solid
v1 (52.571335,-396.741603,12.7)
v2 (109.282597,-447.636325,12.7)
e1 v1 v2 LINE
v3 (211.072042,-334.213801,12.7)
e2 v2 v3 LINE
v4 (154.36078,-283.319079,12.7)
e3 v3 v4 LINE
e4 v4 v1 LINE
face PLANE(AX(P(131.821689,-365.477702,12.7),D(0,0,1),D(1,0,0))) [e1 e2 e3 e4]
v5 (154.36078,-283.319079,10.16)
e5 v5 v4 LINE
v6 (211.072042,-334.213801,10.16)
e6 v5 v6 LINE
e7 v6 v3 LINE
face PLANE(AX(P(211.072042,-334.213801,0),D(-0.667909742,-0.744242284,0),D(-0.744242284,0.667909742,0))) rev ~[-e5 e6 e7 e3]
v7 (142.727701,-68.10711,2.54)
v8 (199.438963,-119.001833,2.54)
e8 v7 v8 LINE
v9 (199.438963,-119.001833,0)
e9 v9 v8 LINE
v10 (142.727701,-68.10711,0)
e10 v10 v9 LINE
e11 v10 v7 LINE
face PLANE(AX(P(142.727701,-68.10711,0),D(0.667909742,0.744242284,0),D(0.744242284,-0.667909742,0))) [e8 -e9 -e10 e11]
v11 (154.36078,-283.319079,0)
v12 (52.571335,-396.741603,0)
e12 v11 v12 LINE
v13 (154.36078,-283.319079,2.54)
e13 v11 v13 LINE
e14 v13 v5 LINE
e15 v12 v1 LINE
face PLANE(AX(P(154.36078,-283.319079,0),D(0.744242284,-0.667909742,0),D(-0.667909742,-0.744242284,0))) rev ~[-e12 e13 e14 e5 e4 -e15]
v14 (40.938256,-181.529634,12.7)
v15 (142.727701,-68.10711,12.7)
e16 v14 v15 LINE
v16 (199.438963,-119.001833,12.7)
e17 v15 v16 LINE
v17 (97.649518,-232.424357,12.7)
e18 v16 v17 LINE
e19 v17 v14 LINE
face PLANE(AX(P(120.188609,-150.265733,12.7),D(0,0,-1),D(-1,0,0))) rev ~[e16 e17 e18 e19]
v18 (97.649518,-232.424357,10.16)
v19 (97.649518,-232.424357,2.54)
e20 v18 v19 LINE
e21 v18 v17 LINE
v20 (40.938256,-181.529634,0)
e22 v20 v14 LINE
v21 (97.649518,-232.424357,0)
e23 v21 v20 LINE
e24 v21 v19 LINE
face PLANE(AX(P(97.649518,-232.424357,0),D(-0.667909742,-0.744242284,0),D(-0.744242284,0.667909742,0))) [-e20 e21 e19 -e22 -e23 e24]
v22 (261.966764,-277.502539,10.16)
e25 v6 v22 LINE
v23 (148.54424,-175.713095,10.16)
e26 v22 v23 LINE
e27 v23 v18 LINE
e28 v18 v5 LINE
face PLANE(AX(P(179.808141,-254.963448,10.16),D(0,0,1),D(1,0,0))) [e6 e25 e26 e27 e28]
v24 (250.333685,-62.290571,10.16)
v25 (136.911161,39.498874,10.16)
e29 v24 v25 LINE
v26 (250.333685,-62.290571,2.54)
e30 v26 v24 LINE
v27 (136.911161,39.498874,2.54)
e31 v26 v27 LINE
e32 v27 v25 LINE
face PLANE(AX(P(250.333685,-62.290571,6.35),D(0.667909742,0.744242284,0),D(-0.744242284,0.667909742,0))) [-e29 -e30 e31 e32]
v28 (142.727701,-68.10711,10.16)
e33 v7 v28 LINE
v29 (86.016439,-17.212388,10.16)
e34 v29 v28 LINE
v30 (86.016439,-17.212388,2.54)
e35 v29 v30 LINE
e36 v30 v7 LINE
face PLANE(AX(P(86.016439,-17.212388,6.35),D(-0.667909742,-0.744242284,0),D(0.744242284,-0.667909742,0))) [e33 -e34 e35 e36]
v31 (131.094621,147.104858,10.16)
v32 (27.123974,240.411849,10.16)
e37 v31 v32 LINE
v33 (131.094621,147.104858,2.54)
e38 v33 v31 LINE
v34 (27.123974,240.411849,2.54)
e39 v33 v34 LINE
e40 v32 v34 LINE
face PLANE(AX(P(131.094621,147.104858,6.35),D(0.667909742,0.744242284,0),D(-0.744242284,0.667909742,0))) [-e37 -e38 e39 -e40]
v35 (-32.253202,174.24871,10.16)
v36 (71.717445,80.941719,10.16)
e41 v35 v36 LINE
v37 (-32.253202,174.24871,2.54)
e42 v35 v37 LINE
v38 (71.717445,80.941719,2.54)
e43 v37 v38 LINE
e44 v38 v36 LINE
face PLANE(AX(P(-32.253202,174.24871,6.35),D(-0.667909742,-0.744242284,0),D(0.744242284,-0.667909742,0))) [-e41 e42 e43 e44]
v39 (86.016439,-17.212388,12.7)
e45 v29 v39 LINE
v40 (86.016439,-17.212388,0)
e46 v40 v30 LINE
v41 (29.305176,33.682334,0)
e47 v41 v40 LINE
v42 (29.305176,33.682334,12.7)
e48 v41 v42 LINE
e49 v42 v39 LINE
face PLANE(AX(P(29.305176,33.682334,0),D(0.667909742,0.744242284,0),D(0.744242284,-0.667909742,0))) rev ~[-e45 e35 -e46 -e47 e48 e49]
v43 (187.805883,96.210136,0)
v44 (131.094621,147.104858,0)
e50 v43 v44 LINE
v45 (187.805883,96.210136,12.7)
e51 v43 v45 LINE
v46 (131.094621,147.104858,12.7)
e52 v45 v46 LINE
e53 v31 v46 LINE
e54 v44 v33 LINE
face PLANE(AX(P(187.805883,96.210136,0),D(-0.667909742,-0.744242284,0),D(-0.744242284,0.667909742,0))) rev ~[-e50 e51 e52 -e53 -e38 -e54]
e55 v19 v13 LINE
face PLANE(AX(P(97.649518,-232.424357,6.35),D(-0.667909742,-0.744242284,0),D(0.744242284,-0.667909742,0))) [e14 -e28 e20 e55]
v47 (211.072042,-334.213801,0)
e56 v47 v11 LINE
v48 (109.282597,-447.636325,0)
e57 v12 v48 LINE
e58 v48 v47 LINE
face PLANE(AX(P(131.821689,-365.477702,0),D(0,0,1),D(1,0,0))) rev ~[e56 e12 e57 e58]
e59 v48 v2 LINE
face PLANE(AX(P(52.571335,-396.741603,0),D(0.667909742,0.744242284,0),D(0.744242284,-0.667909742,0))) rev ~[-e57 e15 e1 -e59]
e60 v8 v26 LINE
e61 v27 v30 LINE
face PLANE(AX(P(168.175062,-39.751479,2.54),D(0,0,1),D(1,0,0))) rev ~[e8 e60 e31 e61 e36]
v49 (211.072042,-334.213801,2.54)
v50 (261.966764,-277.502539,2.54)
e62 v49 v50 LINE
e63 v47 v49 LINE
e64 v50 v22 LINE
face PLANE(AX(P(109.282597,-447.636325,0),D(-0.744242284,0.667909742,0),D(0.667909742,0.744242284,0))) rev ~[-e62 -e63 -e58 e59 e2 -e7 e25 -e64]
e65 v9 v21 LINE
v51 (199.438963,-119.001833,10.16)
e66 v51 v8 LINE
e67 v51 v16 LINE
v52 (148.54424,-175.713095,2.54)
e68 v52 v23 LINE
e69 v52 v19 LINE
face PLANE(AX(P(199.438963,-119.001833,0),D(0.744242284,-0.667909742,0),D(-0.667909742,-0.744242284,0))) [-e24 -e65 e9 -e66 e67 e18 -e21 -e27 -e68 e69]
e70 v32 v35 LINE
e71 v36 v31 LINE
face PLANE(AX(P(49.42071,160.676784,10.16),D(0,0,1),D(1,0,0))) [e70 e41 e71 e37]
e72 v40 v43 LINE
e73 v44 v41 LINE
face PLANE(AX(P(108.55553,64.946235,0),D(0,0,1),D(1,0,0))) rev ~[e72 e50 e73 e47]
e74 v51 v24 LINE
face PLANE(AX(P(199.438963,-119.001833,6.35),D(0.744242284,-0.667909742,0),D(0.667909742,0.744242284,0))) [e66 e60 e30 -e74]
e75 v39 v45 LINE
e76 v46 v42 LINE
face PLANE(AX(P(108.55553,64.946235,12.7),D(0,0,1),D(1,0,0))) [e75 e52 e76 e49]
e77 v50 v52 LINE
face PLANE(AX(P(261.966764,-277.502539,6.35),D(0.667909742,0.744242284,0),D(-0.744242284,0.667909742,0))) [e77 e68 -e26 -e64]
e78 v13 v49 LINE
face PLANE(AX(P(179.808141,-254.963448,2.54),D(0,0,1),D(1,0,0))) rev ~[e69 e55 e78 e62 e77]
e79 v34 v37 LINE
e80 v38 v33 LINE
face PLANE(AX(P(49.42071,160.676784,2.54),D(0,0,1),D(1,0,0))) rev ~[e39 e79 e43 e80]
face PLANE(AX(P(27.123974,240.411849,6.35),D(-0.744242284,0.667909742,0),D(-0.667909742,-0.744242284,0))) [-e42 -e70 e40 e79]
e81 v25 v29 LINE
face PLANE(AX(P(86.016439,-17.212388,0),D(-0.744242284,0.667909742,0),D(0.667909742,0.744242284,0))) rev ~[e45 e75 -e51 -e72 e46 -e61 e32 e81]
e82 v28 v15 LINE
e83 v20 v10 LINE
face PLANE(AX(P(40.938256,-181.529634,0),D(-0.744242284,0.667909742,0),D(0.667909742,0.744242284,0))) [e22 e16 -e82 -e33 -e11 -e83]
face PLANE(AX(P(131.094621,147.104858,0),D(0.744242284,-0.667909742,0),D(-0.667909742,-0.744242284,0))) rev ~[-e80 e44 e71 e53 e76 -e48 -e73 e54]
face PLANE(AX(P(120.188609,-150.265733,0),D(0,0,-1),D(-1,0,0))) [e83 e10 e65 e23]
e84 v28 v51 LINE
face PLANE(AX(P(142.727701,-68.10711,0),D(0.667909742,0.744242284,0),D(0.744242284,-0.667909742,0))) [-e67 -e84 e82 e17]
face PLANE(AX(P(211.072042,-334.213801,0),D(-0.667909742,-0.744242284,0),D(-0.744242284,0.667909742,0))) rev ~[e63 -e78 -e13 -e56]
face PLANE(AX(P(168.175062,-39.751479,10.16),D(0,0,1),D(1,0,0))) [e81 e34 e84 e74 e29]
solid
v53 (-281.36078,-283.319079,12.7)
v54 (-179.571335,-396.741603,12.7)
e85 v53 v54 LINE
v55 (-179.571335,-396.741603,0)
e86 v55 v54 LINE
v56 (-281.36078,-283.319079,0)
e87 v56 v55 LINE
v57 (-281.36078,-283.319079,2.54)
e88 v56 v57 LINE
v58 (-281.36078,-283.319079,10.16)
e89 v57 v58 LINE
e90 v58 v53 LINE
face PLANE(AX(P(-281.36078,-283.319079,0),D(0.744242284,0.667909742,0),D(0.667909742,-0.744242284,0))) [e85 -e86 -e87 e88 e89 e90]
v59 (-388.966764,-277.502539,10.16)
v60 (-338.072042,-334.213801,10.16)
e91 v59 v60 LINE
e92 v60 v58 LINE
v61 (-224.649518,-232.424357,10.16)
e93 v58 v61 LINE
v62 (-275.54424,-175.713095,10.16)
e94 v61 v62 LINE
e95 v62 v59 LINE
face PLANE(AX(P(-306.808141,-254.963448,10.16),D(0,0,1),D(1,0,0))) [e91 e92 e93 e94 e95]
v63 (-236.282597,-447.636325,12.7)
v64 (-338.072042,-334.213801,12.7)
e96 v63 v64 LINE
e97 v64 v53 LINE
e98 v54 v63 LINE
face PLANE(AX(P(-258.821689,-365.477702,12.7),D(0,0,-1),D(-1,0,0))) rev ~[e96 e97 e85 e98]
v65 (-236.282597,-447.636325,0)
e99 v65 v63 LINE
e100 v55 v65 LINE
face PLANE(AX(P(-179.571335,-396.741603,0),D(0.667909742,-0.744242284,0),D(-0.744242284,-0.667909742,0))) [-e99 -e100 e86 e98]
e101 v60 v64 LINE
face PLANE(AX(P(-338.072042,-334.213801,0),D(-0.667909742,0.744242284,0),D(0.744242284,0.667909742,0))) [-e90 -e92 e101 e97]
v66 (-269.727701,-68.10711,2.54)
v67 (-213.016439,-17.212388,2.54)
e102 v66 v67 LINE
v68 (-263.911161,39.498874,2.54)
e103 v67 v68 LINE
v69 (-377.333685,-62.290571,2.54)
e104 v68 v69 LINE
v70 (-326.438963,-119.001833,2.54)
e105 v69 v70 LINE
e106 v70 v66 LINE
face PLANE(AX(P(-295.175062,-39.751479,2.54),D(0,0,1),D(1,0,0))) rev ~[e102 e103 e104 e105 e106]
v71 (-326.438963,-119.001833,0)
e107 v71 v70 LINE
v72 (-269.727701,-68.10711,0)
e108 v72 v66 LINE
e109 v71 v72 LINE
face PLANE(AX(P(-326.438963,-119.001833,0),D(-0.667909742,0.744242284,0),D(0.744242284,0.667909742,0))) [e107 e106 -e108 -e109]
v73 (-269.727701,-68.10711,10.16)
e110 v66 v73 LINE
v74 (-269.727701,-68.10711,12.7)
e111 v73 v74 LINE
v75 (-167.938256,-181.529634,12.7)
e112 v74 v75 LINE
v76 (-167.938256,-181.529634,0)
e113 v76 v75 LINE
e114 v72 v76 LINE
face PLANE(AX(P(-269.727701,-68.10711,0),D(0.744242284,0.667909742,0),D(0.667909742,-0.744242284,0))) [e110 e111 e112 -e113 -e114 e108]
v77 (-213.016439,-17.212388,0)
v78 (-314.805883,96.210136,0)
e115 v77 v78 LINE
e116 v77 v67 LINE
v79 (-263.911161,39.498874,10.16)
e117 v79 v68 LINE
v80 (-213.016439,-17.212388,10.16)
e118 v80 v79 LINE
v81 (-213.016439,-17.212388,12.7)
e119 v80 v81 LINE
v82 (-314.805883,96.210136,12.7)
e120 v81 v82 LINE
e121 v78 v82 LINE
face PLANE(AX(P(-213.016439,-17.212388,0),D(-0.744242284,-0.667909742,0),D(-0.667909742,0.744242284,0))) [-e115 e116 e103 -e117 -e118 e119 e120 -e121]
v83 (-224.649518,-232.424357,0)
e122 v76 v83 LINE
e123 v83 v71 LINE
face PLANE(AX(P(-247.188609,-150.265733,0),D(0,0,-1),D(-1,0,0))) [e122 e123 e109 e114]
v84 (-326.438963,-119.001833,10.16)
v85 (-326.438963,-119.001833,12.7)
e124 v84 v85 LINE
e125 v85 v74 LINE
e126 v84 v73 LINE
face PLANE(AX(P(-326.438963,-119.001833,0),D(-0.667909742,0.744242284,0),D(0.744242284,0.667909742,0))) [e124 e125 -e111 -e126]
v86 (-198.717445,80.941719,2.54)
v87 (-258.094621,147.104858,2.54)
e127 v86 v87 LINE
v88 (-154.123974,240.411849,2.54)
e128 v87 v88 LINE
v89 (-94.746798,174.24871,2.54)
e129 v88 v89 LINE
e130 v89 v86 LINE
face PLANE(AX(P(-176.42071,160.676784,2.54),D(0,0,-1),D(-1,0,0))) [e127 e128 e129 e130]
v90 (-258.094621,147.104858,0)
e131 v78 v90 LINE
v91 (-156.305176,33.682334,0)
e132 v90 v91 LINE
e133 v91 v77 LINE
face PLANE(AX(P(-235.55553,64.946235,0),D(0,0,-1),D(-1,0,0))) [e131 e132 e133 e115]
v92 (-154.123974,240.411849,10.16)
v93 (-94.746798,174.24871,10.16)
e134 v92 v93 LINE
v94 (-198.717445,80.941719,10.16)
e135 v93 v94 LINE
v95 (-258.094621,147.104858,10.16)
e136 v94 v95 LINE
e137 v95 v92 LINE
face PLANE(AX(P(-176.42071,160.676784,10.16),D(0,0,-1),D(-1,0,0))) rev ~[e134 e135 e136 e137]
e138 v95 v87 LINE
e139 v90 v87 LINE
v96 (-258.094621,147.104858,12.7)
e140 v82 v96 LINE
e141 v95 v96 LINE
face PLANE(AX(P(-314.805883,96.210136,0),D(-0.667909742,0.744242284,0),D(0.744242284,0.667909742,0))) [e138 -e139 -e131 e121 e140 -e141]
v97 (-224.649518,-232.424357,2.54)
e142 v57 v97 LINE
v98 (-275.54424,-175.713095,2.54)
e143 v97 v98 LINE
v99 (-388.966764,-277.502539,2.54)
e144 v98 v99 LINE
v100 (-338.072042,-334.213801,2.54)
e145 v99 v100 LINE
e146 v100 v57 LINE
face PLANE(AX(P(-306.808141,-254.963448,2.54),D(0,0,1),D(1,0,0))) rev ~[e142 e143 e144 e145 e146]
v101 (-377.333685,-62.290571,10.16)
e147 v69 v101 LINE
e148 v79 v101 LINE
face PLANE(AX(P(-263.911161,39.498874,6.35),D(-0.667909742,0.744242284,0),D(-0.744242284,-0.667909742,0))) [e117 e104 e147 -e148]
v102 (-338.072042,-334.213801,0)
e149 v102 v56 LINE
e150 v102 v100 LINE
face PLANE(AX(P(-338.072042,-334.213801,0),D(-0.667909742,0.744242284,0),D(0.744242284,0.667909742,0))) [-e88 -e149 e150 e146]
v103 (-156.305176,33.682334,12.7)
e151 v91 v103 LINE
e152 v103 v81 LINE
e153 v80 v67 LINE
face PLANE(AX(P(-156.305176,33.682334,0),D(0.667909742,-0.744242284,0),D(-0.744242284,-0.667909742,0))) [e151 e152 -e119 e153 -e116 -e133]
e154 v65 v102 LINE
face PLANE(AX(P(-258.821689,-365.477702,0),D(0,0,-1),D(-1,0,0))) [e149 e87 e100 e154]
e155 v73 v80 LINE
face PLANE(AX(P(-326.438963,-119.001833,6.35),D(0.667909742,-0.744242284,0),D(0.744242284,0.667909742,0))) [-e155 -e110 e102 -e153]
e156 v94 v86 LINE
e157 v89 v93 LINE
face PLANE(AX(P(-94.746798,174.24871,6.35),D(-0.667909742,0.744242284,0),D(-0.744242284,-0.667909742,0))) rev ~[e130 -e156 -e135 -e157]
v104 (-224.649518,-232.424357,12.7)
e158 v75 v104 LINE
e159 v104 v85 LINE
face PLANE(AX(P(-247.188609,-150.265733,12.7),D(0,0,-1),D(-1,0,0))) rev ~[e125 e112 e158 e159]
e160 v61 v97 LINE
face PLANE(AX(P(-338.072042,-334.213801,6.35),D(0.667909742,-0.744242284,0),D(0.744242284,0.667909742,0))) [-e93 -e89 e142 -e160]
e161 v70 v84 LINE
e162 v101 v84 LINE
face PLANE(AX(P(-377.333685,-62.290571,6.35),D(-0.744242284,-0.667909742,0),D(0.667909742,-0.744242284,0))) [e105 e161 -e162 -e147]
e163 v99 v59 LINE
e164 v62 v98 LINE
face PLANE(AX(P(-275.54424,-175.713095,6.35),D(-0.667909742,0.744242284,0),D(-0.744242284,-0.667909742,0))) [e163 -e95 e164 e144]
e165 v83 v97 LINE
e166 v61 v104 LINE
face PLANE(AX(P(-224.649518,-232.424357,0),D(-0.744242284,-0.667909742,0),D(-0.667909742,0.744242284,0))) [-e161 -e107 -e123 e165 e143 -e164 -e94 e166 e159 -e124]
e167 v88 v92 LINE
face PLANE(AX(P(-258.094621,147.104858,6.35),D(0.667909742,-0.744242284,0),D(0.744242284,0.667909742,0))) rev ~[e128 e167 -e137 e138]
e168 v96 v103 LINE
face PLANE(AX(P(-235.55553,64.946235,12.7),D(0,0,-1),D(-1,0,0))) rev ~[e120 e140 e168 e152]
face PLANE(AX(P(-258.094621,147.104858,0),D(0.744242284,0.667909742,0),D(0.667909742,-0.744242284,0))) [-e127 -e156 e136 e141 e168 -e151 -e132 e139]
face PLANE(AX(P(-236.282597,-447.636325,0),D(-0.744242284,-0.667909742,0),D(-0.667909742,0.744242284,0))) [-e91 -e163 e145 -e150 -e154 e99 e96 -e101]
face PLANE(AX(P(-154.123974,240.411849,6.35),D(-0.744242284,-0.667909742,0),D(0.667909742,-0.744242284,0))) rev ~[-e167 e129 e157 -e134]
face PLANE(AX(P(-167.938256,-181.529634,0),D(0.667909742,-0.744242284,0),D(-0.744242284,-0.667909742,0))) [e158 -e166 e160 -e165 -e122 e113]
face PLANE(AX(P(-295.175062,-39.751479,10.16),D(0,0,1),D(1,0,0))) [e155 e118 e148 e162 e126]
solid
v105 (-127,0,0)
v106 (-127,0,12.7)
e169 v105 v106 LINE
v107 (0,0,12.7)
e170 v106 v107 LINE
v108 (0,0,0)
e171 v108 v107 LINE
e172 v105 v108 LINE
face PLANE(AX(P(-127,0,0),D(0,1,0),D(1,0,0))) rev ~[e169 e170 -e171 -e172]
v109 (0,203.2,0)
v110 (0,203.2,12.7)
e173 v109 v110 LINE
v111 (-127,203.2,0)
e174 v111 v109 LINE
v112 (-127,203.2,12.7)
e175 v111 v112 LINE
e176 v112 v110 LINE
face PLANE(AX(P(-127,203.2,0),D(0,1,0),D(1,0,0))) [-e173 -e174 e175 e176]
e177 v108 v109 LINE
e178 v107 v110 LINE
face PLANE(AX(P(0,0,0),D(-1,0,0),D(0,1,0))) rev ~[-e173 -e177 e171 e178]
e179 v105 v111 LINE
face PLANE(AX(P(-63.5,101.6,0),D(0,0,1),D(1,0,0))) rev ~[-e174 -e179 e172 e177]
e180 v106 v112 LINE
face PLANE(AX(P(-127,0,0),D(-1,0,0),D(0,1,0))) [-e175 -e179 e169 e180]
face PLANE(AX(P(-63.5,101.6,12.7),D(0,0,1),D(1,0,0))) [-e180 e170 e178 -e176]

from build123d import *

# Parameters (mm, degrees)
SKETCH1_W                  = 127
SKETCH1_H                  = 203.2
BOSS_EXTRUDE1_DEPTH        = 12.7
BOSS_EXTRUDE2_DEPTH        = 3.81
BOSS_EXTRUDE2_DEPTH_BACK   = 3.81
BOSS_EXTRUDE2_2_DEPTH      = 3.81
BOSS_EXTRUDE2_2_DEPTH_BACK = 3.81
BOSS_EXTRUDE3_START        = -10.16
BOSS_EXTRUDE3_DEPTH        = 12.7
BOSS_EXTRUDE4_DEPTH        = 3.81
BOSS_EXTRUDE4_DEPTH_BACK   = 3.81
BOSS_EXTRUDE5_START        = -10.16
BOSS_EXTRUDE5_DEPTH        = 12.7
BOSS_EXTRUDE6_DEPTH        = 3.81
BOSS_EXTRUDE6_DEPTH_BACK   = 3.81
BOSS_EXTRUDE7_START        = -10.16
BOSS_EXTRUDE7_DEPTH        = 12.7


with BuildPart() as part:
    # Sketch1 → Boss-Extrude1 (new body)
    with BuildSketch(Plane.XY):
        with Locations((-63.5, 101.6)):
            Rectangle(SKETCH1_W, SKETCH1_H)
    extrude(amount=BOSS_EXTRUDE1_DEPTH)


with BuildPart() as body_2:
    # Sketch2 → Boss-Extrude2 (new body, two sides)
    with BuildSketch(Plane.XY.offset(6.35)) as boss_extrude2_sk:
        Polygon((-94.746798064, 174.248710321), (-198.717445096, 80.941719394), (-258.09462114, 147.104858415), (-154.123974108, 240.411849341), align=None)
    extrude(amount=BOSS_EXTRUDE2_DEPTH)
    extrude(boss_extrude2_sk.sketch, amount=-BOSS_EXTRUDE2_DEPTH_BACK)



with BuildPart() as body_3:
    # Sketch2 → Boss-Extrude2 2 (new body, two sides)
    with BuildSketch(Plane.XY.offset(6.35)) as boss_extrude2_2_sk:
        Polygon((-32.253201936, 174.248710321), (71.717445096, 80.941719394), (131.09462114, 147.104858415), (27.123974108, 240.411849341), align=None)
    extrude(amount=BOSS_EXTRUDE2_2_DEPTH)
    extrude(boss_extrude2_2_sk.sketch, amount=-BOSS_EXTRUDE2_2_DEPTH_BACK)


with BuildPart() as body_2_1:
    add(body_2.part)

    add(body_3.part)  # Boss-Extrude3 merges body 3
    # Sketch3 → Boss-Extrude3 (add)
    with BuildSketch(Plane.XY.offset(10.16).offset(BOSS_EXTRUDE3_START)):
        Polygon((-258.09462114, 147.104858415), (-156.305176493, 33.68233438), (-213.01643851, -17.212387944), (-314.805883157, 96.210136091), align=None)
        Polygon((29.305176493, 33.68233438), (86.01643851, -17.212387944), (187.805883157, 96.210136091), (131.09462114, 147.104858415), align=None)
    extrude(amount=BOSS_EXTRUDE3_DEPTH)

    # Sketch4 → Boss-Extrude4 (add, two sides)
    with BuildSketch(Plane.XY.offset(6.35)) as boss_extrude4_sk:
        Polygon((-213.01643851, -17.212387944), (-263.911160834, 39.498874074), (-377.333684869, -62.290570573), (-326.438962545, -119.00183259), align=None)
        Polygon((199.438962545, -119.00183259), (250.333684869, -62.290570573), (136.911160834, 39.498874074), (86.01643851, -17.212387944), align=None)
    extrude(amount=BOSS_EXTRUDE4_DEPTH)
    extrude(boss_extrude4_sk.sketch, amount=-BOSS_EXTRUDE4_DEPTH_BACK)

    # Sketch5 → Boss-Extrude5 (add)
    with BuildSketch(Plane.XY.offset(10.16).offset(BOSS_EXTRUDE5_START)):
        Polygon((-326.438962545, -119.00183259), (-269.727700528, -68.107110267), (-167.938255881, -181.529634302), (-224.649517899, -232.424356626), align=None)
        Polygon((97.649517899, -232.424356626), (40.938255881, -181.529634302), (142.727700528, -68.107110267), (199.438962545, -119.00183259), align=None)
    extrude(amount=BOSS_EXTRUDE5_DEPTH)

    # Sketch6 → Boss-Extrude6 (add, two sides)
    with BuildSketch(Plane.XY.offset(6.35)) as boss_extrude6_sk:
        Polygon((-224.649517899, -232.424356626), (-275.544240222, -175.713094608), (-388.966764257, -277.502539255), (-338.072041934, -334.213801272), align=None)
        Polygon((211.072041934, -334.213801272), (261.966764257, -277.502539255), (148.544240222, -175.713094608), (97.649517899, -232.424356626), align=None)
    extrude(amount=BOSS_EXTRUDE6_DEPTH)
    extrude(boss_extrude6_sk.sketch, amount=-BOSS_EXTRUDE6_DEPTH_BACK)

    # Sketch7 → Boss-Extrude7 (add)
    with BuildSketch(Plane.XY.offset(10.16).offset(BOSS_EXTRUDE7_START)):
        Polygon((-338.072041934, -334.213801272), (-281.360779916, -283.319078949), (-179.571335269, -396.741602984), (-236.282597287, -447.636325307), align=None)
        Polygon((211.072041934, -334.213801272), (154.360779916, -283.319078949), (52.571335269, -396.741602984), (109.282597287, -447.636325307), align=None)
    extrude(amount=BOSS_EXTRUDE7_DEPTH)


solid = Compound([part.part, body_2_1.part])
